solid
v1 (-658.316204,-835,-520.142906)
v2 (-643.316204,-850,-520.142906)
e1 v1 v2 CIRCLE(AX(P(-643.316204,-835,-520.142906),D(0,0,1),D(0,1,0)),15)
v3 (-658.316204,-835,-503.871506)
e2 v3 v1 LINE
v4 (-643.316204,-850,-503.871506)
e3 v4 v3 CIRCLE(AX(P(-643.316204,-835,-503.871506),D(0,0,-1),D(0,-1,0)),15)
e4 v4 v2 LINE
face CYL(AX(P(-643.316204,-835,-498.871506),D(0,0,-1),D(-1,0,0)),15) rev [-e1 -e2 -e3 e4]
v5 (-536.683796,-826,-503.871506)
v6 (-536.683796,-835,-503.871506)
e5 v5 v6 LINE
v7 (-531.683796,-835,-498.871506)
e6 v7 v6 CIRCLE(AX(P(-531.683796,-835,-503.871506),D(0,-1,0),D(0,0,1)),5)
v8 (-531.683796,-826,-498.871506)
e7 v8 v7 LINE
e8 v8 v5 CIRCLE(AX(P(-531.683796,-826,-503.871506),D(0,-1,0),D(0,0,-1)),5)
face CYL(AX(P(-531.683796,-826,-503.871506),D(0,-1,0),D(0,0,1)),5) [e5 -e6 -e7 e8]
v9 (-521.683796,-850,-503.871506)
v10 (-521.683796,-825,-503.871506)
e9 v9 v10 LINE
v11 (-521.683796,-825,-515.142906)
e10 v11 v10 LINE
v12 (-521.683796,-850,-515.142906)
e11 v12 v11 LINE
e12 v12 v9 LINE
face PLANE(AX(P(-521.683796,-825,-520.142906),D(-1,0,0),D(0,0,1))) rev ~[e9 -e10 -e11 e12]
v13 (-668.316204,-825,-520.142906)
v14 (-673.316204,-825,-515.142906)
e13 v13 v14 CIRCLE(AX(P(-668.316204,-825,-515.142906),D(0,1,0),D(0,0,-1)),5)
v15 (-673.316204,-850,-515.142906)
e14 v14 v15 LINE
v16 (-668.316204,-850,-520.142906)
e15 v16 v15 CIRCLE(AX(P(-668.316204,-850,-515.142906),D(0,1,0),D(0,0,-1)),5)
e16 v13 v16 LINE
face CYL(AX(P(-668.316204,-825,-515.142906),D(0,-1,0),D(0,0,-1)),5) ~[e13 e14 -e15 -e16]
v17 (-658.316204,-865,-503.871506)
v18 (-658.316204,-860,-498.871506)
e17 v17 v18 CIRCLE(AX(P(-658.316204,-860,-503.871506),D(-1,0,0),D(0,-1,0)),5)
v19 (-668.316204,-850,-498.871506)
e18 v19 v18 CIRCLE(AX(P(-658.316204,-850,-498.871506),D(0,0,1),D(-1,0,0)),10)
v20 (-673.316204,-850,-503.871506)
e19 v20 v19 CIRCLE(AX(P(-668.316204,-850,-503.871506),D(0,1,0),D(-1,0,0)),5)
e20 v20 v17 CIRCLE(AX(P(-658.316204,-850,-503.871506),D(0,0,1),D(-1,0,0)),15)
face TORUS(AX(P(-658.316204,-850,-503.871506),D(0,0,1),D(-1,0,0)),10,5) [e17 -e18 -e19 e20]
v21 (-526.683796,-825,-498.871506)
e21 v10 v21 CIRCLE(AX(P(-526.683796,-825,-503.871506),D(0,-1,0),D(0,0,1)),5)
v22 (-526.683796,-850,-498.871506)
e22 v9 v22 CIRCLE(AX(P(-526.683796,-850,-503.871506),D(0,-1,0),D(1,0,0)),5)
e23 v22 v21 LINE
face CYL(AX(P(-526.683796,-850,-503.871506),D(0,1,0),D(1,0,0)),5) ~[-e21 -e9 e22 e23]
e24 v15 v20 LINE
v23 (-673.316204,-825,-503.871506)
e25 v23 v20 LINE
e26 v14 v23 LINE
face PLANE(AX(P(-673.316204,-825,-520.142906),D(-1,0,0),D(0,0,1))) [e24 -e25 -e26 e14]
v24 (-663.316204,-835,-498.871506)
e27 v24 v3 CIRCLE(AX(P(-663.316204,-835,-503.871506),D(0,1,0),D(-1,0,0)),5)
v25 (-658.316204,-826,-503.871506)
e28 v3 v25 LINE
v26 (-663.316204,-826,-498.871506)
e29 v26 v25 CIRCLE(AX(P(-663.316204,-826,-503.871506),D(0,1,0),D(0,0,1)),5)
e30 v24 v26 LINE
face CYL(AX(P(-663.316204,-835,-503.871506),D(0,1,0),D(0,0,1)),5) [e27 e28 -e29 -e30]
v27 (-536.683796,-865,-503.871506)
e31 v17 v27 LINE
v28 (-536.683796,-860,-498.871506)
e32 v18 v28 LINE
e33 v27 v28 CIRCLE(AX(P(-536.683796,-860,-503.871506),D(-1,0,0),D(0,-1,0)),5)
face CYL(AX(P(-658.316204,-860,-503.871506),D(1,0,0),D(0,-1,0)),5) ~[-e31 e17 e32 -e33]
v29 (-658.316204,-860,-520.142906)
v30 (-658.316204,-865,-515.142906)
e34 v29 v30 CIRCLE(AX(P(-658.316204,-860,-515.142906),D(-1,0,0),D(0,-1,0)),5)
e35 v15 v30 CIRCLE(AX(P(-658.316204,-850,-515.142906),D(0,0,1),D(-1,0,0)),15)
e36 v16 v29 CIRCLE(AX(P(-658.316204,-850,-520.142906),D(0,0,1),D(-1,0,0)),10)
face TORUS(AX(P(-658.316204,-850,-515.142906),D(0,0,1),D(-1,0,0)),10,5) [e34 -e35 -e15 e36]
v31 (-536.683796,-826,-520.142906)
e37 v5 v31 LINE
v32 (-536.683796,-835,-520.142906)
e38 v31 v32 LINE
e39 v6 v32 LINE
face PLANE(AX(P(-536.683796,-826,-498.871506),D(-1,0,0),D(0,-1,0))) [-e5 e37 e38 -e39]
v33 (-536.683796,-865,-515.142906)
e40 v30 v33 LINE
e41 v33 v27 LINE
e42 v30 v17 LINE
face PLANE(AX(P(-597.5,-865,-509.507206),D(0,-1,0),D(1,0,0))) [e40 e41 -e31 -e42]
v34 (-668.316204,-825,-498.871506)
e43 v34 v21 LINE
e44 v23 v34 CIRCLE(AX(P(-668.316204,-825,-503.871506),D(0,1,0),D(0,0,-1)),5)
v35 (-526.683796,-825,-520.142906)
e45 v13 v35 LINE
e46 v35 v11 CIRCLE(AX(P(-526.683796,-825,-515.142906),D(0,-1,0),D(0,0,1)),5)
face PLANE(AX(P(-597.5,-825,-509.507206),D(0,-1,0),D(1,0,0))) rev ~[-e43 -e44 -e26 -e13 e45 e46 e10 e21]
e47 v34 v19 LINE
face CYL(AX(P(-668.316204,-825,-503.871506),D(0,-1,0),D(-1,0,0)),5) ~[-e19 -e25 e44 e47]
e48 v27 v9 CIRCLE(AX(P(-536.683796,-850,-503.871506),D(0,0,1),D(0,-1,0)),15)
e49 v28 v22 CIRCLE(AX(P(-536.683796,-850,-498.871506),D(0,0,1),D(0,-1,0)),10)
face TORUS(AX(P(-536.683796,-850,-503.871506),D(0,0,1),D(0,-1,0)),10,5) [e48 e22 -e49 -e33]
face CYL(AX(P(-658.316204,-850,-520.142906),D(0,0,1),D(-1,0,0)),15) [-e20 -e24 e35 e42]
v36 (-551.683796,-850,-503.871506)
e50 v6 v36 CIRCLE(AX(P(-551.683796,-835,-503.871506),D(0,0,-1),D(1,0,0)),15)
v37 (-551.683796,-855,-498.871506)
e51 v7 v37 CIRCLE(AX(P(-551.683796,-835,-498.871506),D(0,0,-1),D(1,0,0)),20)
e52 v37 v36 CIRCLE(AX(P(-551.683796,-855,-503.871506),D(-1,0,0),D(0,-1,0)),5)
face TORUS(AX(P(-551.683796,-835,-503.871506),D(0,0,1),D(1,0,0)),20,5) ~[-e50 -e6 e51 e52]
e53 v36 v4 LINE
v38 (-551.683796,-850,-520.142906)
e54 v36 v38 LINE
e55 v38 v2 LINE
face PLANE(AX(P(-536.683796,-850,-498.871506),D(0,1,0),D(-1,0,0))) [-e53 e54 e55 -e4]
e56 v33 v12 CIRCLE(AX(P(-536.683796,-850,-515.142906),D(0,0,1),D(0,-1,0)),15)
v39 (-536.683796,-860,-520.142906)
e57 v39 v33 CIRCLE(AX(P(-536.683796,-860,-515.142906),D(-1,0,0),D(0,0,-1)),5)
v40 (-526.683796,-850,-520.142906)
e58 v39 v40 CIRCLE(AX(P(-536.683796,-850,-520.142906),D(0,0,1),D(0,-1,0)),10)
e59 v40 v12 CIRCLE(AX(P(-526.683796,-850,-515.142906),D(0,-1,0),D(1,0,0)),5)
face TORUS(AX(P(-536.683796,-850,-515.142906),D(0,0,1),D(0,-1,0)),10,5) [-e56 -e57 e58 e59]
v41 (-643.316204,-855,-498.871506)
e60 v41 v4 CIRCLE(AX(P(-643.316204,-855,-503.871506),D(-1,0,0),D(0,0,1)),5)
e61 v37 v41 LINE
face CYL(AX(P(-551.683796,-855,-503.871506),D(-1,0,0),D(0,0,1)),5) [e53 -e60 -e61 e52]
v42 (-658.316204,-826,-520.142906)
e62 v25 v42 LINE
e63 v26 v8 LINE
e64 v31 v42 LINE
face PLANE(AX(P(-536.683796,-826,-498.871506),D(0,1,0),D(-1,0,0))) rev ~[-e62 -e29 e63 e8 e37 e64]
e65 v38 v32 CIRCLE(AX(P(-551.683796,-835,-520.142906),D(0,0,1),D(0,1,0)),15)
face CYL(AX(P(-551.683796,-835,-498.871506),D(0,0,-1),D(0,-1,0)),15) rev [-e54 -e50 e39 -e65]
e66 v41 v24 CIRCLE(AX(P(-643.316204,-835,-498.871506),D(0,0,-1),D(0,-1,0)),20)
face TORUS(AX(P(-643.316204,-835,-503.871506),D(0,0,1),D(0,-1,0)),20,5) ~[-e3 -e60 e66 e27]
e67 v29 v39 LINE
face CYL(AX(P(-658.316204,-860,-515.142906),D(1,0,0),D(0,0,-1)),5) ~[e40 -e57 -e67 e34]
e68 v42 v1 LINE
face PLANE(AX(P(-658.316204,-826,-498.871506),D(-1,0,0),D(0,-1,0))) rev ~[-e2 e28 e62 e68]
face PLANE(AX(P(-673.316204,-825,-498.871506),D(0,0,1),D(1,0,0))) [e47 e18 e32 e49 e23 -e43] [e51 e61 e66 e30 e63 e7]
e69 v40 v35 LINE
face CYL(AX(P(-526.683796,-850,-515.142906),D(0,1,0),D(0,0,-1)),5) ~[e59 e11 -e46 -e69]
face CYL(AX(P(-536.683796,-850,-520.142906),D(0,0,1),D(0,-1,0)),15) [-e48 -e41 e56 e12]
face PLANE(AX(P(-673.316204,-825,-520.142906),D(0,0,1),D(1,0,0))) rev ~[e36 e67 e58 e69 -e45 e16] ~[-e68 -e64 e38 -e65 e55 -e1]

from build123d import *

# Parameters (mm, degrees)
SKETCH014_W     = 151.632408
SKETCH014_H     = 21.2714
PAD009_DEPTH    = 40
SKETCH015_W     = 121.632408
SKETCH015_H     = 24
POCKET005_DEPTH = 21.2724
FILLET006_R     = 15
FILLET007_R     = 5


with BuildPart() as part:
    # Sketch014 (on Face1 of CopyPocket004) → Pad009 (new body)
    with BuildSketch(Plane.XZ.offset(825)):
        with Locations((-597.5, -509.507206)):
            Rectangle(SKETCH014_W, SKETCH014_H)
    extrude(amount=PAD009_DEPTH)

    # Sketch015 (on Face4 of Pad009) → Pocket005 (cut, through all)
    with BuildSketch(Plane(origin=(0, 0, -498.871506), x_dir=(-1, 0, 0), z_dir=(0, 0, 1))):
        with Locations((597.5, 838)):
            Rectangle(SKETCH015_W, SKETCH015_H)
    extrude(amount=-POCKET005_DEPTH, mode=Mode.SUBTRACT)

    # Fillet006
    fillet006_edges = [part.edges().sort_by_distance(p)[0] for p in [
        (-658.316204, -850, -509.507206),
        (-536.683796, -850, -509.507206),
        (-673.316204, -865, -509.507206),
        (-521.683796, -865, -509.507206),
    ]]
    fillet(fillet006_edges, radius=FILLET006_R)

    # Fillet007
    fillet007_edges = [part.edges().sort_by_distance(p)[0] for p in [
        (-597.5, -850, -498.871506),
        (-673.316204, -837.5, -498.871506),
        (-597.5, -865, -520.142906),
        (-673.316204, -837.5, -520.142906),
    ]]
    fillet(fillet007_edges, radius=FILLET007_R)


solid = part.part
